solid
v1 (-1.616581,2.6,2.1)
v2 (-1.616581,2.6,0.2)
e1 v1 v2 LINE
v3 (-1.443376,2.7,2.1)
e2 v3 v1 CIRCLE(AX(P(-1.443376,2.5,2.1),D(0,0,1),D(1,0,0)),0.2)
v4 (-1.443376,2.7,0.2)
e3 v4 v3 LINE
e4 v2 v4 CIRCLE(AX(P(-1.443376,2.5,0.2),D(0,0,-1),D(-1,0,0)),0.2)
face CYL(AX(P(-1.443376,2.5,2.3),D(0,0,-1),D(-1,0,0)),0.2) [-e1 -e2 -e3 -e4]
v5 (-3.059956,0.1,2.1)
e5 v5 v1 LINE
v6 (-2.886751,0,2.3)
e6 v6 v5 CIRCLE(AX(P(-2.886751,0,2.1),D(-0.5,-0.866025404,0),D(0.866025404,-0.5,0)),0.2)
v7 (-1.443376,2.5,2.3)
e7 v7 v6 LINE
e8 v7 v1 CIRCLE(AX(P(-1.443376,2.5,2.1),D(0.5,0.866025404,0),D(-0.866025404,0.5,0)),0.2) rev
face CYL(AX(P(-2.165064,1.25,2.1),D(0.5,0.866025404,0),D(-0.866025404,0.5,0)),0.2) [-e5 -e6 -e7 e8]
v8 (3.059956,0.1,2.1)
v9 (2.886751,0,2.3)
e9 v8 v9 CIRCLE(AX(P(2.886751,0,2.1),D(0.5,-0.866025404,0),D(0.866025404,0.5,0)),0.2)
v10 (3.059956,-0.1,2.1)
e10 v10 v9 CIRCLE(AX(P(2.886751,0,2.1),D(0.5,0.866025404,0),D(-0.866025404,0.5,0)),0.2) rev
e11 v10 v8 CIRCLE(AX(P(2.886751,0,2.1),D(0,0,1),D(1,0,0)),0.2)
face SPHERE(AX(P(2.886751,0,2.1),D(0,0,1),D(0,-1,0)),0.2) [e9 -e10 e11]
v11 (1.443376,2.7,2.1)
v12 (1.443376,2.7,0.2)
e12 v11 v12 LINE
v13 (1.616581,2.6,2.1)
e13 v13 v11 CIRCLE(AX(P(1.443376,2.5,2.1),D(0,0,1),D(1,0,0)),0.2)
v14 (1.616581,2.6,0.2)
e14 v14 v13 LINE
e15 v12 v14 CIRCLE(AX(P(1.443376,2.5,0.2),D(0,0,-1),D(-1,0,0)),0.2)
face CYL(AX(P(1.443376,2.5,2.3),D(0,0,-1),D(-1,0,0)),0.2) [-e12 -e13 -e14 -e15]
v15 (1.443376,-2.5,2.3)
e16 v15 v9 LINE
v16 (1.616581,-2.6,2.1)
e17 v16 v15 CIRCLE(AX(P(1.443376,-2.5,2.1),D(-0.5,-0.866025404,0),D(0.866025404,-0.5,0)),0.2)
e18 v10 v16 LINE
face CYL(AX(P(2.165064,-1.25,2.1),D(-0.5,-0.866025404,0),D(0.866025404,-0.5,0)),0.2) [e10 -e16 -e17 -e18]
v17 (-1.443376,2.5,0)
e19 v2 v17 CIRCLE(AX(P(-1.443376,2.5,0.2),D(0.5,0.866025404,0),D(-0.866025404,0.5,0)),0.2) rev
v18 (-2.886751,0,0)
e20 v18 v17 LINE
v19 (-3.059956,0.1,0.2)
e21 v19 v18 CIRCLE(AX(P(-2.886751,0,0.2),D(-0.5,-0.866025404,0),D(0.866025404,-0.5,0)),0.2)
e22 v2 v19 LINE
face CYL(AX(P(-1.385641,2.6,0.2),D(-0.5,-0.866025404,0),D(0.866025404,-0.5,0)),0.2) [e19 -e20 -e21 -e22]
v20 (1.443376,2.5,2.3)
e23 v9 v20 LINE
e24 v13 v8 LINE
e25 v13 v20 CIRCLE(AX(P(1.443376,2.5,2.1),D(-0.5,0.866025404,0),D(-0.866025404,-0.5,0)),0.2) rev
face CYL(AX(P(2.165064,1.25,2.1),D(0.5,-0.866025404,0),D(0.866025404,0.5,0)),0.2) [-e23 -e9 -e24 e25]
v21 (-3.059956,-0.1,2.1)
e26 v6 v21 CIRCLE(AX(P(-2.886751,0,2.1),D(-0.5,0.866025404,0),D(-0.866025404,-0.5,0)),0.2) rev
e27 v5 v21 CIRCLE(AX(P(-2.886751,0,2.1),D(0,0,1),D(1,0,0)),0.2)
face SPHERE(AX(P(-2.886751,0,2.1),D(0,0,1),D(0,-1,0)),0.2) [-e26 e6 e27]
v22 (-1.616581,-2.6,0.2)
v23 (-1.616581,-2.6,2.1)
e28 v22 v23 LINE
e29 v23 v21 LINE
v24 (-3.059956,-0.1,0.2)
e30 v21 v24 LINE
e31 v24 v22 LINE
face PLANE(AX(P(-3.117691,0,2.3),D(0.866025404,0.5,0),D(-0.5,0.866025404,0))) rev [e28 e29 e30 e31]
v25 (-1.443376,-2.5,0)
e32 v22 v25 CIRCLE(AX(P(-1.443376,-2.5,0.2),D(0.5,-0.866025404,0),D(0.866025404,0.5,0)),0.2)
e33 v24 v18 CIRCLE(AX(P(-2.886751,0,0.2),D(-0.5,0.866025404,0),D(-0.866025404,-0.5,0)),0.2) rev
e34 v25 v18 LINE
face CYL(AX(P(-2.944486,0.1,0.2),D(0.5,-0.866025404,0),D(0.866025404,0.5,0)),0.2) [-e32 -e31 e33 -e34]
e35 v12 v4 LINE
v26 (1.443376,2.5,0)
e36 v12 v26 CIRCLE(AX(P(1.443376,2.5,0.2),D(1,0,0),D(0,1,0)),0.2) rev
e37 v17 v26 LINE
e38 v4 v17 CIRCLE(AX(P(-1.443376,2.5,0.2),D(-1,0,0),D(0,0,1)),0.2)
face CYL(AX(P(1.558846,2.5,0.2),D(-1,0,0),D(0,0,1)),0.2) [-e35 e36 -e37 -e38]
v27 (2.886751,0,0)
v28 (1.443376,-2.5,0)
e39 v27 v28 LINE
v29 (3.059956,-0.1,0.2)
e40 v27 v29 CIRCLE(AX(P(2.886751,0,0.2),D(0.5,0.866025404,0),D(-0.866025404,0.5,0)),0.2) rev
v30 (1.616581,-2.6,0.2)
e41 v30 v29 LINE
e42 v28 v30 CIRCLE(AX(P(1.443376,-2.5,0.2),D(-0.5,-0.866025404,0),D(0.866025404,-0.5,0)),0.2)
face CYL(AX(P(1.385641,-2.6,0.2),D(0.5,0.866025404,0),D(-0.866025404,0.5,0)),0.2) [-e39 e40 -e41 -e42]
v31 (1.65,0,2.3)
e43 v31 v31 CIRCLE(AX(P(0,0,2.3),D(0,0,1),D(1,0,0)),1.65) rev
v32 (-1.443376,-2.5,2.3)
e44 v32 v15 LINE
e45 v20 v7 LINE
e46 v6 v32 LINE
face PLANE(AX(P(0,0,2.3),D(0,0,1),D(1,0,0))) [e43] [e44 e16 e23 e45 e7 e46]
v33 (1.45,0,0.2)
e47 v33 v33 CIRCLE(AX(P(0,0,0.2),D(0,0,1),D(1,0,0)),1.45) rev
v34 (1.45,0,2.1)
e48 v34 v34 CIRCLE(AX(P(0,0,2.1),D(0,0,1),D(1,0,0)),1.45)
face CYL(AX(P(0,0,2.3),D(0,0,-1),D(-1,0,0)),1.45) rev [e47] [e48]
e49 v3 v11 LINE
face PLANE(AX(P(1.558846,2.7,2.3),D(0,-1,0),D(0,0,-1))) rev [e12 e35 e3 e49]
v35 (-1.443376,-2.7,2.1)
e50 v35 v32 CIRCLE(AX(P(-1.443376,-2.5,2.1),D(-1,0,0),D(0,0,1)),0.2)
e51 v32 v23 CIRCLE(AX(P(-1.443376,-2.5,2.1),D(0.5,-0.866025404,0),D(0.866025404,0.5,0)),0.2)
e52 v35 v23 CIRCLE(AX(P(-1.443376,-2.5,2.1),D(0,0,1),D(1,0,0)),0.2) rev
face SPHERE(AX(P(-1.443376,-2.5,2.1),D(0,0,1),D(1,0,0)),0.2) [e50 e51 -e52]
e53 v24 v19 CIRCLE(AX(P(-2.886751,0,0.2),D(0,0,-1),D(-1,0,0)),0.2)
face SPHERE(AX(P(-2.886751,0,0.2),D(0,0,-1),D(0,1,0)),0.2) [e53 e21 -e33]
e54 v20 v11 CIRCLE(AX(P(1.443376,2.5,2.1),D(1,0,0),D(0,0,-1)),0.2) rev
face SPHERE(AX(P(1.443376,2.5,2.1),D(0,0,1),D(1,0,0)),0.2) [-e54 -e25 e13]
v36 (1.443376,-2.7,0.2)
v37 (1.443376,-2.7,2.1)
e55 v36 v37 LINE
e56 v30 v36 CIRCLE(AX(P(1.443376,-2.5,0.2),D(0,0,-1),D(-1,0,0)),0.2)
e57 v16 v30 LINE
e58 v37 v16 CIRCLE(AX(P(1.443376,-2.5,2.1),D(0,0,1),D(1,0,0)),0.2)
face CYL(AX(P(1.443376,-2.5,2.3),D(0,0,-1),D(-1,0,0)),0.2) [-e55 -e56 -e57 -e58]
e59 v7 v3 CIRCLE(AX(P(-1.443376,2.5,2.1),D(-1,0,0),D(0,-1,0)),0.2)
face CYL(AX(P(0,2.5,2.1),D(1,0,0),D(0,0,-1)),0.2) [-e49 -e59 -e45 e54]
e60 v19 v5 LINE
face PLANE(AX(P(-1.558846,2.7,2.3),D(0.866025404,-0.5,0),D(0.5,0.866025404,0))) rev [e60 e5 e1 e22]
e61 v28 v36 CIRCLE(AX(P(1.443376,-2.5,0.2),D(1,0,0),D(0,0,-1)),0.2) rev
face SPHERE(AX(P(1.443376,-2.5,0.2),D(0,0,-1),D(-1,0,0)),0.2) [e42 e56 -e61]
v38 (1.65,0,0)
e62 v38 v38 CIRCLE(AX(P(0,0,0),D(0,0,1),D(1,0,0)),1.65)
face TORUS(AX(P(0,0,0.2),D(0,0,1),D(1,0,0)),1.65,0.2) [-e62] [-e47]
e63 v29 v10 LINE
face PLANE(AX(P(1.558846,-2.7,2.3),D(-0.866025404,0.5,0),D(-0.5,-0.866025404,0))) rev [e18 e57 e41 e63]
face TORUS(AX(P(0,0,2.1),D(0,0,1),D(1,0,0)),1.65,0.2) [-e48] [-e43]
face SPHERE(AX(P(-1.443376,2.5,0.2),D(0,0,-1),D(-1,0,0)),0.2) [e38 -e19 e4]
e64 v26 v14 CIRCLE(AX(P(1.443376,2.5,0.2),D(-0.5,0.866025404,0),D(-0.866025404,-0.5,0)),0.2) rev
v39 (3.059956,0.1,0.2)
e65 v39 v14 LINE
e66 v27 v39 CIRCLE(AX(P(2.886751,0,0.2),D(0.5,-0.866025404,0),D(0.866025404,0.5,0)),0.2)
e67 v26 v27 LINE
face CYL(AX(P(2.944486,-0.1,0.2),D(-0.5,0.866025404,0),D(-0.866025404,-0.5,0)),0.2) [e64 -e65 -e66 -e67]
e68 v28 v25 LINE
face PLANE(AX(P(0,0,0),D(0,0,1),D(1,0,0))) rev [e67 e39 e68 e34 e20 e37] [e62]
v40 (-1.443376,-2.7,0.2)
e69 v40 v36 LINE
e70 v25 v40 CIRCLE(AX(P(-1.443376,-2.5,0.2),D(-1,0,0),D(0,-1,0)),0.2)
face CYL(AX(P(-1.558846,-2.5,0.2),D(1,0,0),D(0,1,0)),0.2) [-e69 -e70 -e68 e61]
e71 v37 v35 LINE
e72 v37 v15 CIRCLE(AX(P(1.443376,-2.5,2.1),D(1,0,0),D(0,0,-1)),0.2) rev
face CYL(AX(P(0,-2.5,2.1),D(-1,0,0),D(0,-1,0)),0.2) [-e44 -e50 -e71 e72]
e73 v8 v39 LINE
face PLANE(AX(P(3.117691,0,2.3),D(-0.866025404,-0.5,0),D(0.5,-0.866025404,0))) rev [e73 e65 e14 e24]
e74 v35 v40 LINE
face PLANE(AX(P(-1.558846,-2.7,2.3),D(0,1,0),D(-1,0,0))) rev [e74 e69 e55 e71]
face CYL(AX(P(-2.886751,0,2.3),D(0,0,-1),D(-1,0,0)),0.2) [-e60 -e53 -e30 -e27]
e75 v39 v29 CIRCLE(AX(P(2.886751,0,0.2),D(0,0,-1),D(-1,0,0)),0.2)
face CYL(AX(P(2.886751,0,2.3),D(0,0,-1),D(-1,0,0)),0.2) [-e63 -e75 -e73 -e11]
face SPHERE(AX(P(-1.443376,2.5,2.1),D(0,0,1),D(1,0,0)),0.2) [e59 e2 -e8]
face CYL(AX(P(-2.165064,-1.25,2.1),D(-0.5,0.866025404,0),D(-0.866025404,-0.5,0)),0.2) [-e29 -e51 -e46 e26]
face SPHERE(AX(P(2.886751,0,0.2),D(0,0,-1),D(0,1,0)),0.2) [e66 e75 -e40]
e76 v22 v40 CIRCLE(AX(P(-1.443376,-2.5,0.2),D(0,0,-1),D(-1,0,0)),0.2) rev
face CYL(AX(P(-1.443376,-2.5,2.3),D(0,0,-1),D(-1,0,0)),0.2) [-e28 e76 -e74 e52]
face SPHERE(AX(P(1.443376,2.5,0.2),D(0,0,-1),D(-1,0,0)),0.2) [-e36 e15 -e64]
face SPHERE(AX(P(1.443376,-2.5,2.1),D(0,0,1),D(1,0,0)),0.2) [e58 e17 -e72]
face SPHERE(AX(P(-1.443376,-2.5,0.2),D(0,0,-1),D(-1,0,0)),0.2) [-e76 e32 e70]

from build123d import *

# Parameters (mm, degrees)
ESBO_O1_R                = 1.45
RESSALTO_EXTRUS_O1_DEPTH = 2.3
FILETE1_R                = 0.2


with BuildPart() as part:
    # Esboço1 → Ressalto-extrusão1 (new body)
    with BuildSketch(Plane.XY):
        Polygon((-3.117691454, 0), (-1.558845727, -2.7), (1.558845727, -2.7), (3.117691454, 0), (1.558845727, 2.7), (-1.558845727, 2.7), align=None)
        Circle(ESBO_O1_R, mode=Mode.SUBTRACT)
    extrude(amount=RESSALTO_EXTRUS_O1_DEPTH)

    # Filete1
    filete1_edges = [part.edges().sort_by_distance(p)[0] for p in [
        (-1.558845727, 2.7, 1.15),
        (1.558845727, 2.7, 1.15),
        (3.117691454, 0, 1.15),
        (1.558845727, -2.7, 1.15),
        (-1.558845727, -2.7, 1.15),
        (-3.117691454, 0, 1.15),
        (0, -2.7, 2.3),
        (2.33826859, -1.35, 2.3),
        (-1.45, 0, 0),
        (-1.45, 0, 2.3),
        (2.33826859, 1.35, 2.3),
        (0, 2.7, 2.3),
        (-2.33826859, 1.35, 2.3),
        (0, 2.7, 0),
        (2.33826859, 1.35, 0),
        (2.33826859, -1.35, 0),
        (0, -2.7, 0),
        (-2.33826859, -1.35, 0),
        (-2.33826859, 1.35, 0),
        (-2.33826859, -1.35, 2.3),
    ]]
    fillet(filete1_edges, radius=FILETE1_R)


solid = part.part
